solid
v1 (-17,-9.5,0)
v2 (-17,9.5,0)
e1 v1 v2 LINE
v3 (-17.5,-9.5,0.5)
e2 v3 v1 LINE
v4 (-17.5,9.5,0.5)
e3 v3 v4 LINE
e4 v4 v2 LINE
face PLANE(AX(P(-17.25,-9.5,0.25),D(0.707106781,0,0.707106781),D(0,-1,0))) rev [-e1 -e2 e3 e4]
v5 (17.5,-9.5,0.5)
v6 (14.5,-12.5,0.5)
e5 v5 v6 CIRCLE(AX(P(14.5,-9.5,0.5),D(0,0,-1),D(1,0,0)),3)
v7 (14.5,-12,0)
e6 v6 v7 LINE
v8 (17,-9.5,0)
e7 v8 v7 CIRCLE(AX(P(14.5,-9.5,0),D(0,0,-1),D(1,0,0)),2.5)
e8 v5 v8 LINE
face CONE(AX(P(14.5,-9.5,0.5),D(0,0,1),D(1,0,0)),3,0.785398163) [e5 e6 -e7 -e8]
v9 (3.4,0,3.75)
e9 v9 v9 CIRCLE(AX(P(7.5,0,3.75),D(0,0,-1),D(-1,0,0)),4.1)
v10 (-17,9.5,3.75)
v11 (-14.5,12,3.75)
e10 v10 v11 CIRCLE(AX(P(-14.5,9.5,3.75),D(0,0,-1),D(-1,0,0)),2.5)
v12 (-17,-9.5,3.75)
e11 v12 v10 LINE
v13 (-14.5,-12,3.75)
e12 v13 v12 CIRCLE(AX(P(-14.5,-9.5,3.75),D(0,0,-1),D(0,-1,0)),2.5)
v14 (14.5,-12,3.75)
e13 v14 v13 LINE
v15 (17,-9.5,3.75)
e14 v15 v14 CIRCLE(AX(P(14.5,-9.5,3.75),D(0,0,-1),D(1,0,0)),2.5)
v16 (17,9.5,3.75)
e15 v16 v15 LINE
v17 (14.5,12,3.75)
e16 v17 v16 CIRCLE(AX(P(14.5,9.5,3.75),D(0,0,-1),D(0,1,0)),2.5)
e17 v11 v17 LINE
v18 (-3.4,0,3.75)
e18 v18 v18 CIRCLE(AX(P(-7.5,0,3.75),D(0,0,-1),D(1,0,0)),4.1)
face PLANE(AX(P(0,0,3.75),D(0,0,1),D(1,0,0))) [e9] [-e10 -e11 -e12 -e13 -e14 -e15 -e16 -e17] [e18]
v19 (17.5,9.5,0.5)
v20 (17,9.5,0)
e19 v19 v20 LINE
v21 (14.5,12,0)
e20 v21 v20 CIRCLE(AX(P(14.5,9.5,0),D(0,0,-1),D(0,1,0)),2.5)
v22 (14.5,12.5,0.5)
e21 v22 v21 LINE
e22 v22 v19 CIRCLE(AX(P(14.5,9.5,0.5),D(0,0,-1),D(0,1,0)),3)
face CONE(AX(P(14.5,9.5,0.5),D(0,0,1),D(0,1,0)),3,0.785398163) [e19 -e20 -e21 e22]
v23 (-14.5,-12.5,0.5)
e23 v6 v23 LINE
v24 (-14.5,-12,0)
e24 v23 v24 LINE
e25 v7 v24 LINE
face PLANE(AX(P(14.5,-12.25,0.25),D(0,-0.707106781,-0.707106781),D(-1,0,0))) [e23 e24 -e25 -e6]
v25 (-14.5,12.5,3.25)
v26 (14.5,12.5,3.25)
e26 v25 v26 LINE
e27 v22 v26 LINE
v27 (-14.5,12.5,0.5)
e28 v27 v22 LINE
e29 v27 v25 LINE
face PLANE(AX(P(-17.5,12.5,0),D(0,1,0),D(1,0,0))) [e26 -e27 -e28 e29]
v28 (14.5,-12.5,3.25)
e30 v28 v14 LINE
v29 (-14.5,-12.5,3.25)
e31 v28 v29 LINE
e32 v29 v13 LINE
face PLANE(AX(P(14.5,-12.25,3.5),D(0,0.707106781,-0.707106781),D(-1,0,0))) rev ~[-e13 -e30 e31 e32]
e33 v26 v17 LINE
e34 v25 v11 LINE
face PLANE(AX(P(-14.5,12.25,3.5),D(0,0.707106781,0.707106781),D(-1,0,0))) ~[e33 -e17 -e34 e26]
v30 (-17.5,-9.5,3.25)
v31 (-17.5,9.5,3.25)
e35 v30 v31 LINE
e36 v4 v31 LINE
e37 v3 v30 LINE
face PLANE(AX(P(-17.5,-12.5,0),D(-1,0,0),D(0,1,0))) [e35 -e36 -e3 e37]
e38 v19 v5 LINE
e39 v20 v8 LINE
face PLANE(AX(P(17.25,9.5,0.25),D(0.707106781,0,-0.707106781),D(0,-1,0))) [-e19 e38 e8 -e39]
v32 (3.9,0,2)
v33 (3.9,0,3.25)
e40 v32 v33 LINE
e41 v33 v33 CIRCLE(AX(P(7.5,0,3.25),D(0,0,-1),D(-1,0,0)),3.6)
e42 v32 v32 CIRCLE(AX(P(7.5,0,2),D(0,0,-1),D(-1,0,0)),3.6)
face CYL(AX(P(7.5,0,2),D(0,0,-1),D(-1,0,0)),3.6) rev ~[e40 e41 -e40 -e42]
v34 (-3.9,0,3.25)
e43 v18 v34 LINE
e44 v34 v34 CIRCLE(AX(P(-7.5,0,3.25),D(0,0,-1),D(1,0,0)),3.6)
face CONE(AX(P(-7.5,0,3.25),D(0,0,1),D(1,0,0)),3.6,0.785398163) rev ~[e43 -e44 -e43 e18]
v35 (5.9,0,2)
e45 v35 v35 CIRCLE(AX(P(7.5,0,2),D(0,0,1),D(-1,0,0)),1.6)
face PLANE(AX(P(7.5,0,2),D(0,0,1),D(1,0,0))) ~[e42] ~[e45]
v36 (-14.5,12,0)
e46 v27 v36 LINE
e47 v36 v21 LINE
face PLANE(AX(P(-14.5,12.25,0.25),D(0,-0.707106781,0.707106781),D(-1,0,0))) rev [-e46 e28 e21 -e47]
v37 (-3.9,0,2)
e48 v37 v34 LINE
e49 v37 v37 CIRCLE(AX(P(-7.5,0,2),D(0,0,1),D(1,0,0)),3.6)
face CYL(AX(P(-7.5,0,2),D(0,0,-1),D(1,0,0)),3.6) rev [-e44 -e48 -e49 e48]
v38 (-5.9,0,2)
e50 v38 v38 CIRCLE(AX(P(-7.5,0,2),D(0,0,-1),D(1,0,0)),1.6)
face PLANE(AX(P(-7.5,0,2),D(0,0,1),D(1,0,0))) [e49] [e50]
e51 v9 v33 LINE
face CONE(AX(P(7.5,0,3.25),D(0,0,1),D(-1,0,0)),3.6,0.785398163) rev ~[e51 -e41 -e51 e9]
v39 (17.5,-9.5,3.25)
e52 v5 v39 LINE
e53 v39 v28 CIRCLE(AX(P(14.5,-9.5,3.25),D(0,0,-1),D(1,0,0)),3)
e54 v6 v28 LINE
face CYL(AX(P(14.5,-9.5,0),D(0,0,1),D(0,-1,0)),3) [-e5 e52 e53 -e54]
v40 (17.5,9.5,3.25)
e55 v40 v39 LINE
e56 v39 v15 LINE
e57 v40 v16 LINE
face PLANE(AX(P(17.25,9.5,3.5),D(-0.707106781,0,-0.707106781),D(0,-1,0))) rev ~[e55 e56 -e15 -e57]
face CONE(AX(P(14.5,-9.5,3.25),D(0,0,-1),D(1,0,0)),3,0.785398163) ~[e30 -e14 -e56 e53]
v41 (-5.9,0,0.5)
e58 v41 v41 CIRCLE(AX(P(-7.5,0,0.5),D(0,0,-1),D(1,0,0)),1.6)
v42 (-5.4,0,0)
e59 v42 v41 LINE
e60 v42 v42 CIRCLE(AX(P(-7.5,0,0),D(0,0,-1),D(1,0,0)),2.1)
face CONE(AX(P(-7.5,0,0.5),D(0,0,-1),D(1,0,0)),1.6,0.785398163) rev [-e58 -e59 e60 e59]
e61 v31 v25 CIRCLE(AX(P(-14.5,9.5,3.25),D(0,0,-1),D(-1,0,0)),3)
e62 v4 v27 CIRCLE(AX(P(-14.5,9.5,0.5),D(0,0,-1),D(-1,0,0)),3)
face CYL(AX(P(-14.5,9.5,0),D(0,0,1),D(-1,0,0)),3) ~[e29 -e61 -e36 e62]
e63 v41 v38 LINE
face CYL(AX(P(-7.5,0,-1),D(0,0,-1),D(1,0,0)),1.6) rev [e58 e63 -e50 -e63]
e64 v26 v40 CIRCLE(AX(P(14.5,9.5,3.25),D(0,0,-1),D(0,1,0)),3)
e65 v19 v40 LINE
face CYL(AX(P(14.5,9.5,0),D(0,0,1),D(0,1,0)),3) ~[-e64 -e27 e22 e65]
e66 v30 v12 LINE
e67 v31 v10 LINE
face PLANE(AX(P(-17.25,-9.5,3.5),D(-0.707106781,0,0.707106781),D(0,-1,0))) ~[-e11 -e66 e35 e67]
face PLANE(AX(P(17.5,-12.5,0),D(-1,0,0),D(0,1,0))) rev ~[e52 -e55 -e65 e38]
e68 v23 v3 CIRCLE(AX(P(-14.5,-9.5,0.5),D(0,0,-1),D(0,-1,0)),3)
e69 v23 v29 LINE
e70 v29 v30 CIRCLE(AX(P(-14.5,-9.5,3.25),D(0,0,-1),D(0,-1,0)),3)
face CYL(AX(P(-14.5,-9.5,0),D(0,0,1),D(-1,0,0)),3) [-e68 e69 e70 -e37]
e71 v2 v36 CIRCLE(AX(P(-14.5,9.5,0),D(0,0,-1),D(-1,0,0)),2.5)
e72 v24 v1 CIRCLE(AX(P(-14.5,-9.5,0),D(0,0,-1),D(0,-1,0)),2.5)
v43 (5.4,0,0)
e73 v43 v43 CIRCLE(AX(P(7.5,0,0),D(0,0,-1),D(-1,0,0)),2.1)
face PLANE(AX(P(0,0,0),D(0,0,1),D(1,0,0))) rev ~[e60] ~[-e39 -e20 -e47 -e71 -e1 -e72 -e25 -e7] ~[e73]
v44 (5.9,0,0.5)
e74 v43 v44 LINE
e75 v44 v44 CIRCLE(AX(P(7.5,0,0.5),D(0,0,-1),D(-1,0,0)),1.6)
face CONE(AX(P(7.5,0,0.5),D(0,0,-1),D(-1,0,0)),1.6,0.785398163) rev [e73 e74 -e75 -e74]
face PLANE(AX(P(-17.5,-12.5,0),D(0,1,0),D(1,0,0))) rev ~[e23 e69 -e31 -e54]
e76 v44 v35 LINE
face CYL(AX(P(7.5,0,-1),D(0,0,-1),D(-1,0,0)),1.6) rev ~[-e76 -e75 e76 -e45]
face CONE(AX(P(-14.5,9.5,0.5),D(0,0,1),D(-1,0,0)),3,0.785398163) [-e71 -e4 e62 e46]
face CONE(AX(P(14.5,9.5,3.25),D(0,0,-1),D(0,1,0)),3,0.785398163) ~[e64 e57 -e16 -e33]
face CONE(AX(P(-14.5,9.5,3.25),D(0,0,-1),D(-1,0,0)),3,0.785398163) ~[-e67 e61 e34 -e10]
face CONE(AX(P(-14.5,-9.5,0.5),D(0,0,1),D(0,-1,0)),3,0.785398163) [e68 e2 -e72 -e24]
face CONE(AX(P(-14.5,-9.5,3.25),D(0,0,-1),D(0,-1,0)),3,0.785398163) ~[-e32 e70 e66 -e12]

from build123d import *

# Parameters (mm, degrees)
CYLINDER001_R     = 3.6
CYLINDER001_DEPTH = 10
CYLINDER_R        = 1.6
CYLINDER_DEPTH    = 10
BOX_W             = 35
BOX_H             = 25
BOX_DEPTH         = 3.75
FILLET_R          = 3
CHAMFER_SIZE      = 0.5


with BuildPart() as cylinder001:
    # Cylinder001 → Cylinder001 (new body)
    with BuildSketch(Plane(origin=(-7.5, 0, 2), x_dir=(1, 0, 0), z_dir=(0, 0, 1))):
        Circle(CYLINDER001_R)
    extrude(amount=CYLINDER001_DEPTH)


with BuildPart() as fusion:
    # Cylinder → Cylinder (new body)
    with BuildSketch(Plane(origin=(-7.5, 0, -1), x_dir=(1, 0, 0), z_dir=(0, 0, 1))):
        Circle(CYLINDER_R)
    extrude(amount=CYLINDER_DEPTH)

    # Fusion: union Cylinder001
    add(cylinder001.part)


with BuildPart() as part_mirroring:
    # Part__Mirroring: instance of Fusion
    add(fusion.part.mirror(Plane(origin=(0, 0, 0), x_dir=(0, -1, 0), z_dir=(1, 0, 0))))


with BuildPart() as fusion001:
    # Fusion001 base: copy of Fusion
    add(fusion.part)

    # Fusion001: union Part__Mirroring
    add(part_mirroring.part)


with BuildPart() as mountplate:
    # Box → Box (new body)
    with BuildSketch(Plane(origin=(-17.5, -12.5, 0), x_dir=(1, 0, 0), z_dir=(0, 0, 1))):
        with Locations((17.5, 12.5)):
            Rectangle(BOX_W, BOX_H)
    extrude(amount=BOX_DEPTH)

    # Cut001: cut Fusion001
    add(fusion001.part, mode=Mode.SUBTRACT)

    # Fillet
    fillet_edges = [mountplate.edges().sort_by_distance(p)[0] for p in [
        (-17.5, -12.5, 1.875),
        (-17.5, 12.5, 1.875),
        (17.5, -12.5, 1.875),
        (17.5, 12.5, 1.875),
    ]]
    fillet(fillet_edges, radius=FILLET_R)

    # Chamfer
    chamfer_edges = [mountplate.edges().sort_by_distance(p)[0] for p in [
        (-17.5, 0, 3.75),
        (-17.5, 0, 0),
        (-16.62132, -11.62132, 3.75),
        (-16.62132, 11.62132, 3.75),
        (0, -12.5, 3.75),
        (0, 12.5, 3.75),
        (16.62132, -11.62132, 3.75),
        (16.62132, 11.62132, 3.75),
        (17.5, 0, 3.75),
        (-11.1, 0, 3.75),
        (11.1, 0, 3.75),
        (-16.62132, -11.62132, 0),
        (-16.62132, 11.62132, 0),
        (0, -12.5, 0),
        (0, 12.5, 0),
        (16.62132, -11.62132, 0),
        (16.62132, 11.62132, 0),
        (17.5, 0, 0),
        (-9.1, 0, 0),
        (9.1, 0, 0),
    ]]
    chamfer(chamfer_edges, length=CHAMFER_SIZE)


solid = mountplate.part
